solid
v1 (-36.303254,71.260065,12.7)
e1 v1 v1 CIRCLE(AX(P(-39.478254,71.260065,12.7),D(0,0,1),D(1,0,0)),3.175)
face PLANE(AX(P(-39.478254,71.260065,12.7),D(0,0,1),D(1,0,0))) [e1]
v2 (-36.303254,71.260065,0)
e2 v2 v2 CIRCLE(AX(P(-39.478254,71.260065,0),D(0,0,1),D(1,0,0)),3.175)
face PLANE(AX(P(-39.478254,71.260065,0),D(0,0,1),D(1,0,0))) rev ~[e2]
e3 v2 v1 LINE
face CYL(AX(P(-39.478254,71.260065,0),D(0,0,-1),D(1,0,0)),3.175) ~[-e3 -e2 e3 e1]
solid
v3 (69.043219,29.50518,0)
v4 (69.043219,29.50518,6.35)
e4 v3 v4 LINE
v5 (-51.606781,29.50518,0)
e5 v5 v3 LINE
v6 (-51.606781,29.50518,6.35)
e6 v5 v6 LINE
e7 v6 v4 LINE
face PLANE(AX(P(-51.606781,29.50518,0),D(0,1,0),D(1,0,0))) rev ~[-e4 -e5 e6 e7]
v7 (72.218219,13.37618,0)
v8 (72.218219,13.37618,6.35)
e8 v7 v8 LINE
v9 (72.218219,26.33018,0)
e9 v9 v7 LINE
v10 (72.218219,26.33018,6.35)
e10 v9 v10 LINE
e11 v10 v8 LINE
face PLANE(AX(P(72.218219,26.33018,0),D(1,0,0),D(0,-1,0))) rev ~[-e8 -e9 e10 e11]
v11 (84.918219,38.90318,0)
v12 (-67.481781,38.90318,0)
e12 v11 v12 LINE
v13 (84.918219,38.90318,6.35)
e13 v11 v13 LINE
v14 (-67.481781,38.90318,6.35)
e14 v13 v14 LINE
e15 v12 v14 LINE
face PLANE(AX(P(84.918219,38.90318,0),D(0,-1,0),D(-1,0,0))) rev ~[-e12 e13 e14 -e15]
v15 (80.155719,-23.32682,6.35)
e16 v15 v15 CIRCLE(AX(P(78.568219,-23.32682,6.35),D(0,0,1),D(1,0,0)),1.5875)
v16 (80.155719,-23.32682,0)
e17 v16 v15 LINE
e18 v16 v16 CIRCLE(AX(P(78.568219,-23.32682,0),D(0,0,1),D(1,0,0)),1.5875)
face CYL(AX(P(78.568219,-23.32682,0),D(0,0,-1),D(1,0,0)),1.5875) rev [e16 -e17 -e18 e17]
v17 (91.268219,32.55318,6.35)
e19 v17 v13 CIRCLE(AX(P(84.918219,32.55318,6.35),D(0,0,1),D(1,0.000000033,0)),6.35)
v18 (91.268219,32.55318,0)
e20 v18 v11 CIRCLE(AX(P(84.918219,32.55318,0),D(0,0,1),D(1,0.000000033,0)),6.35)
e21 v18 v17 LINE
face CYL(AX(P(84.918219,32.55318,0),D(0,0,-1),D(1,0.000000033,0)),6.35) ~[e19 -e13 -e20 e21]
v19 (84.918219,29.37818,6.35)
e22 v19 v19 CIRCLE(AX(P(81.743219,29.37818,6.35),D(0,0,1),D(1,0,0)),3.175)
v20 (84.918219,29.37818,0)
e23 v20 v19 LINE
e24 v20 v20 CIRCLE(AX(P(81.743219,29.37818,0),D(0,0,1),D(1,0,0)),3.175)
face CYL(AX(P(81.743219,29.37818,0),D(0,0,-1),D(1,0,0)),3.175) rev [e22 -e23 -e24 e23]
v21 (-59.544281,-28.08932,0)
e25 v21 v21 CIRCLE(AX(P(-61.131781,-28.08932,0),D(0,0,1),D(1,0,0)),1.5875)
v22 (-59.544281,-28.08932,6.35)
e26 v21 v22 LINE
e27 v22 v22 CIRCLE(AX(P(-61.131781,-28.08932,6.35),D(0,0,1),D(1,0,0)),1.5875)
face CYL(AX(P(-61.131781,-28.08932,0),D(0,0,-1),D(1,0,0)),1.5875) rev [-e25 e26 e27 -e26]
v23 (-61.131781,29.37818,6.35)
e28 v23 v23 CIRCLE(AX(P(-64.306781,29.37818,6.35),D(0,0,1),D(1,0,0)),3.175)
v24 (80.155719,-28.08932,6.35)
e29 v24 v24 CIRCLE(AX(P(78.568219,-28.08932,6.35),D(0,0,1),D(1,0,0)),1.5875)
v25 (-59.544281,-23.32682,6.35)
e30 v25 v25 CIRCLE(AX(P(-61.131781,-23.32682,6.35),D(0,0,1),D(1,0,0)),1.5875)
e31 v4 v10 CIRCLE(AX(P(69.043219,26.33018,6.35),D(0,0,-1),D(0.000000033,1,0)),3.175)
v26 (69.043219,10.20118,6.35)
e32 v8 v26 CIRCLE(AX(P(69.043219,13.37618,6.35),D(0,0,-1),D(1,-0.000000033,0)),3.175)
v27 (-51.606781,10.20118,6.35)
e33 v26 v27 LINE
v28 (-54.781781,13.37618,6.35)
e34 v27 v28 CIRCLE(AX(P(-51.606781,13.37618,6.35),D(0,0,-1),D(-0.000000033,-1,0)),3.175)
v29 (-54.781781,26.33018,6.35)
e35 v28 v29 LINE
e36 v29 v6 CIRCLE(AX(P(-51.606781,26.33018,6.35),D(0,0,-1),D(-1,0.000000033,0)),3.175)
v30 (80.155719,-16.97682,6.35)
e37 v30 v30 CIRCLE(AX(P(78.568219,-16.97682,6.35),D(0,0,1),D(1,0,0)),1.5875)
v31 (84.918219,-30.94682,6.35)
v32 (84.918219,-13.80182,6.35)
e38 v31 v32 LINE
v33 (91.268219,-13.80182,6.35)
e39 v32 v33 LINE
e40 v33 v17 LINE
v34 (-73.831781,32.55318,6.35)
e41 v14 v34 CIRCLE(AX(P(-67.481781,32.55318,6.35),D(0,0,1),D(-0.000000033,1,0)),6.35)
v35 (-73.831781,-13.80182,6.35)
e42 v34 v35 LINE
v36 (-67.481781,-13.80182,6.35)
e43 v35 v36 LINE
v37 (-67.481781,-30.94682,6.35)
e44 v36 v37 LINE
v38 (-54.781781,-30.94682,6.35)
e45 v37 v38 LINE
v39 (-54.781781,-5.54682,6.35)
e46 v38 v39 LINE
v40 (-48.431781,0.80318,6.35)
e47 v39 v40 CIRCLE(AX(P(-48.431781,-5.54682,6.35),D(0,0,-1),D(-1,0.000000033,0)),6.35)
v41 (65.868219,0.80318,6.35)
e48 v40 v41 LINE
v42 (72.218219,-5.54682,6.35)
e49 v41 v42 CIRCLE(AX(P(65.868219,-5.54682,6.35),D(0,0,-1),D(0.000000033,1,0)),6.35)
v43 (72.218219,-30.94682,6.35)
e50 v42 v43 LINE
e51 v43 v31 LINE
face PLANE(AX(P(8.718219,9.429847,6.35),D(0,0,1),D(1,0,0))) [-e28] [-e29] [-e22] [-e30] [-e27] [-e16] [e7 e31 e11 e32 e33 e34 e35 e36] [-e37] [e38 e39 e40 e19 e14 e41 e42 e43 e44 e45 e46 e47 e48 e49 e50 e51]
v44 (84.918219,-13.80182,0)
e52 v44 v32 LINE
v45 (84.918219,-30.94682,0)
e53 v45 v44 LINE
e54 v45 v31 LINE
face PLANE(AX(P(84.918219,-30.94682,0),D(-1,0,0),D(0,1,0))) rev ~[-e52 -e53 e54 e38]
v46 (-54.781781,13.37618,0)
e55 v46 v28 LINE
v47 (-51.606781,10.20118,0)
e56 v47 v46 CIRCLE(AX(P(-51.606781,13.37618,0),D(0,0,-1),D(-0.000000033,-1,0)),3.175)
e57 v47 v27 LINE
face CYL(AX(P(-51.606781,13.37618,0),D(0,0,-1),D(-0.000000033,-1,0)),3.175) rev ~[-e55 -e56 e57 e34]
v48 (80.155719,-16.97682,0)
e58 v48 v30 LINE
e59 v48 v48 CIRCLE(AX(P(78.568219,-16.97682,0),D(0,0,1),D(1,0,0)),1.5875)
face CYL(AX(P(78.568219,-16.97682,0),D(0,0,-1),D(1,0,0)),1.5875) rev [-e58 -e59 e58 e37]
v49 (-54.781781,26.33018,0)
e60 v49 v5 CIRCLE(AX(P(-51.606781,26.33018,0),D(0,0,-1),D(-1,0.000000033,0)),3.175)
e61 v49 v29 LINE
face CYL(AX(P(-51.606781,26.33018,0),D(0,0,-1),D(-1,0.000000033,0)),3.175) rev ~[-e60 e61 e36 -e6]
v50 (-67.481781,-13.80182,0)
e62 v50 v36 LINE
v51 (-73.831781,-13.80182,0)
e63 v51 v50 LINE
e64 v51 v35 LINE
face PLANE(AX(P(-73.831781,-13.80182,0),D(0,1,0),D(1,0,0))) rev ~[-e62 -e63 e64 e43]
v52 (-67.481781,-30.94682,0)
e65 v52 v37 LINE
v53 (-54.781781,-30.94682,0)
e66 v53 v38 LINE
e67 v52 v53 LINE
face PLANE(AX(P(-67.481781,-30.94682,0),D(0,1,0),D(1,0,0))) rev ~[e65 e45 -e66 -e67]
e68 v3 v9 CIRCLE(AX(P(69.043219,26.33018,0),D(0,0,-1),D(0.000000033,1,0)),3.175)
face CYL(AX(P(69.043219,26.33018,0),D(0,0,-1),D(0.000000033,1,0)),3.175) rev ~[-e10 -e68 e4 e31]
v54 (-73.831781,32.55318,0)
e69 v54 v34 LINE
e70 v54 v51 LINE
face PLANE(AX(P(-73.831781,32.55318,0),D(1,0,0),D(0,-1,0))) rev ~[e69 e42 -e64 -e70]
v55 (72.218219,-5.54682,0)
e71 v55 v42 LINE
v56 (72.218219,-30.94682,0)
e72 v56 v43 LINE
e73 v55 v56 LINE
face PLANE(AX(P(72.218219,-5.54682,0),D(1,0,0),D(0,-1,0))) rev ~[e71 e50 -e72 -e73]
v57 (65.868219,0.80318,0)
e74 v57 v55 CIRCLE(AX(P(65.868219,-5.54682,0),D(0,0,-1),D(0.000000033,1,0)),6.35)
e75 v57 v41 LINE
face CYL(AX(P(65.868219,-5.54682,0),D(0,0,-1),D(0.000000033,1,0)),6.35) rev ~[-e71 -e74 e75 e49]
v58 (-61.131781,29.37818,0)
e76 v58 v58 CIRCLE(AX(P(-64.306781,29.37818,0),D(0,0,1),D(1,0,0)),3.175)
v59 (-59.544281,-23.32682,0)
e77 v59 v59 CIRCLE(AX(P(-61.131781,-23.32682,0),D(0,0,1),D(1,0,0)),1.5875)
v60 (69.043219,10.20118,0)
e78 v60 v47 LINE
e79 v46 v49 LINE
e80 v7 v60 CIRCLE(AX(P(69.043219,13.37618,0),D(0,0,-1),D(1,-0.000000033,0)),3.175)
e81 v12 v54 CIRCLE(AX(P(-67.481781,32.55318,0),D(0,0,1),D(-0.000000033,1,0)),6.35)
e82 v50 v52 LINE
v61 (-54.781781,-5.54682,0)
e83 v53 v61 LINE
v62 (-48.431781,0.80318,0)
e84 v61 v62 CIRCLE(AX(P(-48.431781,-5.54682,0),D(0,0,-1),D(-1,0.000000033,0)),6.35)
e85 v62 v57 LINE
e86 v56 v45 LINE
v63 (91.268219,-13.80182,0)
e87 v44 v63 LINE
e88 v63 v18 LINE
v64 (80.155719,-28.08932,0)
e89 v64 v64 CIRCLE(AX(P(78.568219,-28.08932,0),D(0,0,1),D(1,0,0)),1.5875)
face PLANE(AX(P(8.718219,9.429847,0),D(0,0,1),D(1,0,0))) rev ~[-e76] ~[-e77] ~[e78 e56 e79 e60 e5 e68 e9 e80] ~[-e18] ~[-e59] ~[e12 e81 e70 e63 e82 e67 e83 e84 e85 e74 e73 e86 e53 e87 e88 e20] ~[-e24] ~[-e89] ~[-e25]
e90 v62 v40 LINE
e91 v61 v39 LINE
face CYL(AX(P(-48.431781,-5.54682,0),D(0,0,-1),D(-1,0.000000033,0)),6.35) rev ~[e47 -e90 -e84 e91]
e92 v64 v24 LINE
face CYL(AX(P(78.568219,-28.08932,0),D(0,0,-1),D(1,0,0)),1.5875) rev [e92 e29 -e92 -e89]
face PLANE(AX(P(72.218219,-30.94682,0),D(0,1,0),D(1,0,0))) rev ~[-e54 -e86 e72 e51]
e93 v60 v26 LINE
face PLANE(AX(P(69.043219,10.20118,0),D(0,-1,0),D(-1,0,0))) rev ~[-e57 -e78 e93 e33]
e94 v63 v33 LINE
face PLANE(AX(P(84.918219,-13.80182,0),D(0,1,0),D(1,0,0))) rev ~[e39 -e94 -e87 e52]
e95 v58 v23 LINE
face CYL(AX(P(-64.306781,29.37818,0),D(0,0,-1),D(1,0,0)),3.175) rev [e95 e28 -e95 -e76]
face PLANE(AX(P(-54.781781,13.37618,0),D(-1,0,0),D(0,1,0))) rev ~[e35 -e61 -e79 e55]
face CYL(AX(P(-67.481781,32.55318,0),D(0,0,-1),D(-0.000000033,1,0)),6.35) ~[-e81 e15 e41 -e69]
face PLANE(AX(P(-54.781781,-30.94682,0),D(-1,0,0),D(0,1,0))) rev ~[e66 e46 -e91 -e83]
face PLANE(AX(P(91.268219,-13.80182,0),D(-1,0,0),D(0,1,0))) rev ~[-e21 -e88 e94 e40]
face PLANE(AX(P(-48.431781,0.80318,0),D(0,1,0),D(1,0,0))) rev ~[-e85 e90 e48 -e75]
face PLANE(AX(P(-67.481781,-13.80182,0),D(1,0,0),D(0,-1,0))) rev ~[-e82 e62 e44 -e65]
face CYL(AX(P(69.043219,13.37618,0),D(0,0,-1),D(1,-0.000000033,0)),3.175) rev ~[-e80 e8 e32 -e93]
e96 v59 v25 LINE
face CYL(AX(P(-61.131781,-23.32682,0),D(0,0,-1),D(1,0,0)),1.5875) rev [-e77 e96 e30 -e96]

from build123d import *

# Parameters (mm, degrees)
F0_R     = 1.5875
F0_R_2   = 3.175
F1_DEPTH = 6.35
F2_R     = 3.175
F3_DEPTH = 12.7


with BuildPart() as f1:
    # F0 (on Top) → F1 (new body)
    with BuildSketch(Plane.XY):
        with BuildLine():
            Line((-73.831781, 32.55318), (-73.831781, -13.80182))
            Line((-73.831781, -13.80182), (-67.481781, -13.80182))
            Line((-67.481781, -13.80182), (-67.481781, -30.94682))
            Line((-67.481781, -30.94682), (-54.781781, -30.94682))
            Line((-54.781781, -30.94682), (-54.781781, -5.54682))
            ThreePointArc((-54.781781, -5.54682), (-52.921909, -1.056692), (-48.431781, 0.80318))
            Line((-48.431781, 0.80318), (65.868219, 0.80318))
            ThreePointArc((65.868219, 0.80318), (70.358347, -1.056692), (72.218219, -5.54682))
            Line((72.218219, -5.54682), (72.218219, -13.80182))
            Line((72.218219, -13.80182), (72.218219, -20.15182))
            Line((72.218219, -20.15182), (72.218219, -30.94682))
            Line((72.218219, -30.94682), (84.918219, -30.94682))
            Line((84.918219, -30.94682), (84.918219, -13.80182))
            Line((84.918219, -13.80182), (91.268219, -13.80182))
            Line((91.268219, -13.80182), (91.268219, 32.55318))
            ThreePointArc((91.268219, 32.55318), (89.408347, 37.043308), (84.918219, 38.90318))
            Line((84.918219, 38.90318), (8.718219, 38.90318))
            Line((8.718219, 38.90318), (-67.481781, 38.90318))
            ThreePointArc((-67.481781, 38.90318), (-71.971909, 37.043308), (-73.831781, 32.55318))
        make_face()
        with Locations((-61.131781, -28.08932)):
            Circle(F0_R, mode=Mode.SUBTRACT)
        with Locations((-61.131781, -23.32682)):
            Circle(F0_R, mode=Mode.SUBTRACT)
        with Locations((78.568219, -28.08932)):
            Circle(F0_R, mode=Mode.SUBTRACT)
        with Locations((78.568219, -23.32682)):
            Circle(F0_R, mode=Mode.SUBTRACT)
        with Locations((78.568219, -16.97682)):
            Circle(F0_R, mode=Mode.SUBTRACT)
        with BuildLine():
            ThreePointArc((-54.781781, 26.33018), (-53.851845, 28.575244), (-51.606781, 29.50518))
            Line((-51.606781, 29.50518), (69.043219, 29.50518))
            ThreePointArc((69.043219, 29.50518), (71.288283, 28.575244), (72.218219, 26.33018))
            Line((72.218219, 26.33018), (72.218219, 13.37618))
            ThreePointArc((72.218219, 13.37618), (71.288283, 11.131116), (69.043219, 10.20118))
            Line((69.043219, 10.20118), (-51.606781, 10.20118))
            ThreePointArc((-51.606781, 10.20118), (-53.851845, 11.131116), (-54.781781, 13.37618))
            Line((-54.781781, 13.37618), (-54.781781, 26.33018))
        make_face(mode=Mode.SUBTRACT)
        with Locations((-64.306781, 29.37818)):
            Circle(F0_R_2, mode=Mode.SUBTRACT)
        with Locations((81.743219, 29.37818)):
            Circle(F0_R_2, mode=Mode.SUBTRACT)
    extrude(amount=F1_DEPTH)


with BuildPart() as f3:
    # F2 (on Top) → F3 (new body)
    with BuildSketch(Plane.XY):
        with Locations((-39.478254, 71.260065)):
            Circle(F2_R)
    extrude(amount=F3_DEPTH)


solid = Compound([f1.part, f3.part])
